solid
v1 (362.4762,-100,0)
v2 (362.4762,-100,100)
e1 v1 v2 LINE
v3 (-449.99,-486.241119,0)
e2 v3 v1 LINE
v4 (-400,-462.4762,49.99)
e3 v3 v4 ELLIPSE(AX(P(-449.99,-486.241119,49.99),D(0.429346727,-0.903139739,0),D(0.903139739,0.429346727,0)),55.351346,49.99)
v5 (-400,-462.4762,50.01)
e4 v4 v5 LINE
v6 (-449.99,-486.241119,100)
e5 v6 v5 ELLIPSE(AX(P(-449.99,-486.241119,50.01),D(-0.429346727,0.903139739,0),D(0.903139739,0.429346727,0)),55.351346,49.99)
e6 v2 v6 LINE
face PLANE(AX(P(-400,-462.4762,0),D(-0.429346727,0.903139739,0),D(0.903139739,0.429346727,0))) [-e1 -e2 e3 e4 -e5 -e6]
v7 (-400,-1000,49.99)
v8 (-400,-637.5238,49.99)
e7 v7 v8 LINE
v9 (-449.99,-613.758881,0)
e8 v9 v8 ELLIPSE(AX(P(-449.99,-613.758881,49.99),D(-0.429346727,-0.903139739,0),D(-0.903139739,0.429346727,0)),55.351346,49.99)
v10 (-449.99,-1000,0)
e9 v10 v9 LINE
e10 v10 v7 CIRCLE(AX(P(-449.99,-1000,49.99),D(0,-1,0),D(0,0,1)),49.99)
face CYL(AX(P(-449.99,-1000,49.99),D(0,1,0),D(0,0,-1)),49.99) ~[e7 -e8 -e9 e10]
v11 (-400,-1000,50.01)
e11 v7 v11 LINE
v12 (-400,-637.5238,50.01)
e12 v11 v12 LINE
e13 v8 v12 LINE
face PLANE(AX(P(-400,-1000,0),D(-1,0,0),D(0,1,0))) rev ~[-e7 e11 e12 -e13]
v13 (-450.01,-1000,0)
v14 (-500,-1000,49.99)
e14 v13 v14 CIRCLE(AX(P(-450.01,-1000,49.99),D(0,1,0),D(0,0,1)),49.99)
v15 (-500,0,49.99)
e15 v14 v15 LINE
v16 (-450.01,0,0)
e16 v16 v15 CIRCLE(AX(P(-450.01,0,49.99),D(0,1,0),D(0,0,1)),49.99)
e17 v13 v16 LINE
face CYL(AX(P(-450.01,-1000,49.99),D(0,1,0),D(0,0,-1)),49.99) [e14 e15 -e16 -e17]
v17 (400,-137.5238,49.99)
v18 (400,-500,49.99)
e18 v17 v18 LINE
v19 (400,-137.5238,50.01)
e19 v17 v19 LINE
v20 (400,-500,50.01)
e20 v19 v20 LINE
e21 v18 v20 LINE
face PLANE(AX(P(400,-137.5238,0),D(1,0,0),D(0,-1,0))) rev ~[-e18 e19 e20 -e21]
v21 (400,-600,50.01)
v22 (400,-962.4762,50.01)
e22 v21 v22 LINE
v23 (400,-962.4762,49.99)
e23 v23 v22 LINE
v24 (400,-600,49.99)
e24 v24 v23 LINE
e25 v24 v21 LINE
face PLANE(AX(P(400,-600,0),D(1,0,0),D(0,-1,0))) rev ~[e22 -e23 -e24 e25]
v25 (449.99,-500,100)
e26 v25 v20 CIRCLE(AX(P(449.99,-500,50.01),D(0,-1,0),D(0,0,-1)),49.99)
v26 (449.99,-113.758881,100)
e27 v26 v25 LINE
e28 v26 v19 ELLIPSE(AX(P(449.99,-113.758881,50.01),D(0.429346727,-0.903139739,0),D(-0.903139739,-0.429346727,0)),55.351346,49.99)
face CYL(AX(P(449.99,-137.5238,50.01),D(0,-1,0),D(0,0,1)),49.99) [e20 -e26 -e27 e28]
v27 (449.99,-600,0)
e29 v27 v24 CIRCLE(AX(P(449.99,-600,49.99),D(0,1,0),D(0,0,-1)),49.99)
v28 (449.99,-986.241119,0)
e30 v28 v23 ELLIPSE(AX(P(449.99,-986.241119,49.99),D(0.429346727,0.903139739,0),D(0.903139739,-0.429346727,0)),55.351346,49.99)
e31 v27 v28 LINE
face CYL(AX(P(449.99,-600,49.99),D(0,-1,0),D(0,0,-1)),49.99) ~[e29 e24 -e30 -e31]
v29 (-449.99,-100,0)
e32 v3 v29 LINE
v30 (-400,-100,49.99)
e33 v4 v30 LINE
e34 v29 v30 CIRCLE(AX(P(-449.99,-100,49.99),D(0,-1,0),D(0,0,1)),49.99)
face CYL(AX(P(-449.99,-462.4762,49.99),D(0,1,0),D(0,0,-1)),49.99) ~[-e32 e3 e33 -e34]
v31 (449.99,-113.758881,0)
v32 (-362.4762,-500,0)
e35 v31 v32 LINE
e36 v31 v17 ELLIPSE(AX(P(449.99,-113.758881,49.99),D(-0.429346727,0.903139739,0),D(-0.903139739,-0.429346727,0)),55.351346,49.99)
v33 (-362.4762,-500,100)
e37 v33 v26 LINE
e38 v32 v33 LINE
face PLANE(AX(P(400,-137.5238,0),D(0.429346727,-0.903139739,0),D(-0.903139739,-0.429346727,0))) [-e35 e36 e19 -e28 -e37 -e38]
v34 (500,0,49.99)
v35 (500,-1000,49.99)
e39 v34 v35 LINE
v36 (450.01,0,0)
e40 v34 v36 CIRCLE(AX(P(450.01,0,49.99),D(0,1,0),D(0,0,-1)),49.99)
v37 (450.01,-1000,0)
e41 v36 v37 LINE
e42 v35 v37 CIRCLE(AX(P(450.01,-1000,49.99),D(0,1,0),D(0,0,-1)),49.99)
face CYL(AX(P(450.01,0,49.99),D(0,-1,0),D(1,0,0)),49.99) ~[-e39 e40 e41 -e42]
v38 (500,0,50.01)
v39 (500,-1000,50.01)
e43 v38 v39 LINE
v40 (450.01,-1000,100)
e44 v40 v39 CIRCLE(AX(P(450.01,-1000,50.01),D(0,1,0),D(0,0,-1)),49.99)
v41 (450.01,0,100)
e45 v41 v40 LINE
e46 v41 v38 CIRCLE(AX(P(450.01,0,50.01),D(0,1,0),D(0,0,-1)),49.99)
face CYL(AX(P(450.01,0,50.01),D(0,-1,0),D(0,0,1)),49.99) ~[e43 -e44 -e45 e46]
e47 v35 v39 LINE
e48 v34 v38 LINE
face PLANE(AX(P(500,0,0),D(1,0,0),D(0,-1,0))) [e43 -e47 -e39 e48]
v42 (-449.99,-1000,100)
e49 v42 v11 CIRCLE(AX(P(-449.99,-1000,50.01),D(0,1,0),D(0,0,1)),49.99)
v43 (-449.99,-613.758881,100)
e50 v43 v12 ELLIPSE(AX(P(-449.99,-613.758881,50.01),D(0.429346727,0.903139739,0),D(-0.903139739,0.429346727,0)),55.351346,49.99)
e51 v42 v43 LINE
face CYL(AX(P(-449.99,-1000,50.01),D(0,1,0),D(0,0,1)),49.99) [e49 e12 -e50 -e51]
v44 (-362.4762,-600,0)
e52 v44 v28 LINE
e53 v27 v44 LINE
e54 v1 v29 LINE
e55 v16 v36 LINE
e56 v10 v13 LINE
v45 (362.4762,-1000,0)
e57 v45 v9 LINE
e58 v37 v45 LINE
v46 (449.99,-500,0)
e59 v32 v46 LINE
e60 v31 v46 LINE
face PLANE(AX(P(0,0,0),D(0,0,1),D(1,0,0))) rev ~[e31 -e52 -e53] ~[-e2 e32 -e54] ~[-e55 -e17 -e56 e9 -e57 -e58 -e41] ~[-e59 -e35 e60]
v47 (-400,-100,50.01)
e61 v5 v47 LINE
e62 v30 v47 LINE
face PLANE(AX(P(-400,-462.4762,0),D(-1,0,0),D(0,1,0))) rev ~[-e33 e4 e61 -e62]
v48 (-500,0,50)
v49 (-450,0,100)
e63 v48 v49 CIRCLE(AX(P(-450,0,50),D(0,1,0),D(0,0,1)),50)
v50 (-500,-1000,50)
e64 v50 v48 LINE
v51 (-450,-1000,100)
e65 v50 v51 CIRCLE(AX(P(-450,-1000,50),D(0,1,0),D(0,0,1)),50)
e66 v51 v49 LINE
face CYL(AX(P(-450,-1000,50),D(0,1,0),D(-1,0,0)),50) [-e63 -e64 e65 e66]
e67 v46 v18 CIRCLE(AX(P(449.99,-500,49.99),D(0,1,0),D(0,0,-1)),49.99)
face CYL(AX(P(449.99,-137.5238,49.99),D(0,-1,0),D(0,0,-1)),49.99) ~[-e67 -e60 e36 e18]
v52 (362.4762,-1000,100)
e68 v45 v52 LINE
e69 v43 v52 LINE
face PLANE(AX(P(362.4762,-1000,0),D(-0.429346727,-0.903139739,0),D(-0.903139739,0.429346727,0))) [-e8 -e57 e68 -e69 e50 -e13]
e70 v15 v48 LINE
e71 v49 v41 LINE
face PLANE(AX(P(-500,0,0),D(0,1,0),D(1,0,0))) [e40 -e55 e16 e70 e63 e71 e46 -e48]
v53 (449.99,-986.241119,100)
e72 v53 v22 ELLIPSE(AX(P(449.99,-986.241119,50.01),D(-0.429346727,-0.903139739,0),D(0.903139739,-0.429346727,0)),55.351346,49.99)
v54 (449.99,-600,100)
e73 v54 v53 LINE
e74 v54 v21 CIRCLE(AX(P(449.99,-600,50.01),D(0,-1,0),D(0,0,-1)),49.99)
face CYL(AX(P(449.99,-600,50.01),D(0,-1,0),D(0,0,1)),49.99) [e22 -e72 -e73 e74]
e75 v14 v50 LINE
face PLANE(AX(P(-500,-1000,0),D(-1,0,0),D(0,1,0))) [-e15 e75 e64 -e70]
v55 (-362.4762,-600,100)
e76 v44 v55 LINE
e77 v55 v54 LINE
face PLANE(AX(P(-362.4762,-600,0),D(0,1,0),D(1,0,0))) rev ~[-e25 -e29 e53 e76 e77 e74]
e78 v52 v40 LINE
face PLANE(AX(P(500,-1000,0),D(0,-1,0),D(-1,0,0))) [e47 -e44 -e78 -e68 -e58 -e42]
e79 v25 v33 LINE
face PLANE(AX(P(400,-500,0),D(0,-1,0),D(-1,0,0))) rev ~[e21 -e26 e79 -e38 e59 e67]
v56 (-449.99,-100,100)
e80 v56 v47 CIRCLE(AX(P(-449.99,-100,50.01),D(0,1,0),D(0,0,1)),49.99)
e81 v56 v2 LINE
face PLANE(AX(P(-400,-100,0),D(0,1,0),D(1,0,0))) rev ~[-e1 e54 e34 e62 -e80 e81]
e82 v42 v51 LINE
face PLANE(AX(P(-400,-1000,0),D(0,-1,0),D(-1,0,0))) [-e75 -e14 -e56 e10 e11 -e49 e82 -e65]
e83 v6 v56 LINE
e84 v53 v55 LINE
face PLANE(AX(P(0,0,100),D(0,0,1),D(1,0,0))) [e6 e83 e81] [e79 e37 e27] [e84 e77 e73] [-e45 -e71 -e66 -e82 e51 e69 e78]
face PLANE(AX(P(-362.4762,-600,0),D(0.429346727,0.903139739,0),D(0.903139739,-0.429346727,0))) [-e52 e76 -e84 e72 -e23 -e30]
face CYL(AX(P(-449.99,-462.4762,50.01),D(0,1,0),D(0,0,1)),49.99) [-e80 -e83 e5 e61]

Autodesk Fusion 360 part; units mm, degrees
sketch "スケッチ1" plane through (0, 0, 0) normal (0, 0, 1) x (1, 0, 0)
  line L0 (-500, 0) -> (500, 0)
  line L1 (500, 0) -> (500, -1000)
  line L2 (-500, -1000) -> (-500, 0)
  line L3 (-400, -100) -> (362.4762, -100)
  line L4 (400, -137.5238) -> (400, -500)
  line L5 (400, -500) -> (-362.4762, -500)
  line L6 (-400, -462.4762) -> (-400, -100)
  line L7 (-362.4762, -600) -> (400, -600)
  line L8 (400, -600) -> (400, -962.4762)
  line L9 (400, -1000) -> (362.4762, -1000)
  line L10 (-400, -1000) -> (-400, -637.5238)
  line L11 (-400, -462.4762) -> (362.4762, -100)
  line L12 (400, -137.5238) -> (-362.4762, -500)
  line L13 (-362.4762, -600) -> (400, -962.4762)
  line L14 (362.4762, -1000) -> (-400, -637.5238)
  line L15 (500, -1000) -> (362.4762, -1000)
  line L16 (-400, -1000) -> (-500, -1000)
  line L17 (-400, -462.4762) -> (-400, -500) construction
  line L18 (-400, -500) -> (-362.4762, -500) construction
  line L19 (-362.4762, -600) -> (-400, -600) construction
  line L20 (-400, -600) -> (-400, -637.5238) construction
  line L21 (362.4762, -100) -> (400, -100) construction
  line L22 (400, -100) -> (400, -137.5238) construction
  line L23 (400, -962.4762) -> (400, -1000) construction
  line L24 (-400, -1000) -> (362.4762, -1000) construction
  dimension "d5" = 400
  dimension "d6" = 800
  dimension "d7" = 100
  dimension "d8" = 100
  dimension "d9" = 100
  dimension "d10" = 100
  dimension "d11" = 400
  dimension "d12" = 50
  dimension "d13" = 50
extrude "押し出し1" add sketch "スケッチ1" along normal blind 100
fillet "フィレット1" radius 50 1 edges at (-500, -500, 100)
fillet "フィレット2" radius 50 1 edges at (-400, -281.2381, 100)
fillet "フィレット3" radius 50 1 edges at (-400, -818.7619, 100)
fillet "フィレット4" radius 50 3 edges at (400, -318.7619, 100) (400, -781.2381, 100) (500, -500, 100)
fillet "フィレット5" radius 50 6 edges at (-500, -500, 0) (-400, -818.7619, 0) (-400, -281.2381, 0) (400, -318.7619, 0) (400, -781.2381, 0) (500, -500, 0)
